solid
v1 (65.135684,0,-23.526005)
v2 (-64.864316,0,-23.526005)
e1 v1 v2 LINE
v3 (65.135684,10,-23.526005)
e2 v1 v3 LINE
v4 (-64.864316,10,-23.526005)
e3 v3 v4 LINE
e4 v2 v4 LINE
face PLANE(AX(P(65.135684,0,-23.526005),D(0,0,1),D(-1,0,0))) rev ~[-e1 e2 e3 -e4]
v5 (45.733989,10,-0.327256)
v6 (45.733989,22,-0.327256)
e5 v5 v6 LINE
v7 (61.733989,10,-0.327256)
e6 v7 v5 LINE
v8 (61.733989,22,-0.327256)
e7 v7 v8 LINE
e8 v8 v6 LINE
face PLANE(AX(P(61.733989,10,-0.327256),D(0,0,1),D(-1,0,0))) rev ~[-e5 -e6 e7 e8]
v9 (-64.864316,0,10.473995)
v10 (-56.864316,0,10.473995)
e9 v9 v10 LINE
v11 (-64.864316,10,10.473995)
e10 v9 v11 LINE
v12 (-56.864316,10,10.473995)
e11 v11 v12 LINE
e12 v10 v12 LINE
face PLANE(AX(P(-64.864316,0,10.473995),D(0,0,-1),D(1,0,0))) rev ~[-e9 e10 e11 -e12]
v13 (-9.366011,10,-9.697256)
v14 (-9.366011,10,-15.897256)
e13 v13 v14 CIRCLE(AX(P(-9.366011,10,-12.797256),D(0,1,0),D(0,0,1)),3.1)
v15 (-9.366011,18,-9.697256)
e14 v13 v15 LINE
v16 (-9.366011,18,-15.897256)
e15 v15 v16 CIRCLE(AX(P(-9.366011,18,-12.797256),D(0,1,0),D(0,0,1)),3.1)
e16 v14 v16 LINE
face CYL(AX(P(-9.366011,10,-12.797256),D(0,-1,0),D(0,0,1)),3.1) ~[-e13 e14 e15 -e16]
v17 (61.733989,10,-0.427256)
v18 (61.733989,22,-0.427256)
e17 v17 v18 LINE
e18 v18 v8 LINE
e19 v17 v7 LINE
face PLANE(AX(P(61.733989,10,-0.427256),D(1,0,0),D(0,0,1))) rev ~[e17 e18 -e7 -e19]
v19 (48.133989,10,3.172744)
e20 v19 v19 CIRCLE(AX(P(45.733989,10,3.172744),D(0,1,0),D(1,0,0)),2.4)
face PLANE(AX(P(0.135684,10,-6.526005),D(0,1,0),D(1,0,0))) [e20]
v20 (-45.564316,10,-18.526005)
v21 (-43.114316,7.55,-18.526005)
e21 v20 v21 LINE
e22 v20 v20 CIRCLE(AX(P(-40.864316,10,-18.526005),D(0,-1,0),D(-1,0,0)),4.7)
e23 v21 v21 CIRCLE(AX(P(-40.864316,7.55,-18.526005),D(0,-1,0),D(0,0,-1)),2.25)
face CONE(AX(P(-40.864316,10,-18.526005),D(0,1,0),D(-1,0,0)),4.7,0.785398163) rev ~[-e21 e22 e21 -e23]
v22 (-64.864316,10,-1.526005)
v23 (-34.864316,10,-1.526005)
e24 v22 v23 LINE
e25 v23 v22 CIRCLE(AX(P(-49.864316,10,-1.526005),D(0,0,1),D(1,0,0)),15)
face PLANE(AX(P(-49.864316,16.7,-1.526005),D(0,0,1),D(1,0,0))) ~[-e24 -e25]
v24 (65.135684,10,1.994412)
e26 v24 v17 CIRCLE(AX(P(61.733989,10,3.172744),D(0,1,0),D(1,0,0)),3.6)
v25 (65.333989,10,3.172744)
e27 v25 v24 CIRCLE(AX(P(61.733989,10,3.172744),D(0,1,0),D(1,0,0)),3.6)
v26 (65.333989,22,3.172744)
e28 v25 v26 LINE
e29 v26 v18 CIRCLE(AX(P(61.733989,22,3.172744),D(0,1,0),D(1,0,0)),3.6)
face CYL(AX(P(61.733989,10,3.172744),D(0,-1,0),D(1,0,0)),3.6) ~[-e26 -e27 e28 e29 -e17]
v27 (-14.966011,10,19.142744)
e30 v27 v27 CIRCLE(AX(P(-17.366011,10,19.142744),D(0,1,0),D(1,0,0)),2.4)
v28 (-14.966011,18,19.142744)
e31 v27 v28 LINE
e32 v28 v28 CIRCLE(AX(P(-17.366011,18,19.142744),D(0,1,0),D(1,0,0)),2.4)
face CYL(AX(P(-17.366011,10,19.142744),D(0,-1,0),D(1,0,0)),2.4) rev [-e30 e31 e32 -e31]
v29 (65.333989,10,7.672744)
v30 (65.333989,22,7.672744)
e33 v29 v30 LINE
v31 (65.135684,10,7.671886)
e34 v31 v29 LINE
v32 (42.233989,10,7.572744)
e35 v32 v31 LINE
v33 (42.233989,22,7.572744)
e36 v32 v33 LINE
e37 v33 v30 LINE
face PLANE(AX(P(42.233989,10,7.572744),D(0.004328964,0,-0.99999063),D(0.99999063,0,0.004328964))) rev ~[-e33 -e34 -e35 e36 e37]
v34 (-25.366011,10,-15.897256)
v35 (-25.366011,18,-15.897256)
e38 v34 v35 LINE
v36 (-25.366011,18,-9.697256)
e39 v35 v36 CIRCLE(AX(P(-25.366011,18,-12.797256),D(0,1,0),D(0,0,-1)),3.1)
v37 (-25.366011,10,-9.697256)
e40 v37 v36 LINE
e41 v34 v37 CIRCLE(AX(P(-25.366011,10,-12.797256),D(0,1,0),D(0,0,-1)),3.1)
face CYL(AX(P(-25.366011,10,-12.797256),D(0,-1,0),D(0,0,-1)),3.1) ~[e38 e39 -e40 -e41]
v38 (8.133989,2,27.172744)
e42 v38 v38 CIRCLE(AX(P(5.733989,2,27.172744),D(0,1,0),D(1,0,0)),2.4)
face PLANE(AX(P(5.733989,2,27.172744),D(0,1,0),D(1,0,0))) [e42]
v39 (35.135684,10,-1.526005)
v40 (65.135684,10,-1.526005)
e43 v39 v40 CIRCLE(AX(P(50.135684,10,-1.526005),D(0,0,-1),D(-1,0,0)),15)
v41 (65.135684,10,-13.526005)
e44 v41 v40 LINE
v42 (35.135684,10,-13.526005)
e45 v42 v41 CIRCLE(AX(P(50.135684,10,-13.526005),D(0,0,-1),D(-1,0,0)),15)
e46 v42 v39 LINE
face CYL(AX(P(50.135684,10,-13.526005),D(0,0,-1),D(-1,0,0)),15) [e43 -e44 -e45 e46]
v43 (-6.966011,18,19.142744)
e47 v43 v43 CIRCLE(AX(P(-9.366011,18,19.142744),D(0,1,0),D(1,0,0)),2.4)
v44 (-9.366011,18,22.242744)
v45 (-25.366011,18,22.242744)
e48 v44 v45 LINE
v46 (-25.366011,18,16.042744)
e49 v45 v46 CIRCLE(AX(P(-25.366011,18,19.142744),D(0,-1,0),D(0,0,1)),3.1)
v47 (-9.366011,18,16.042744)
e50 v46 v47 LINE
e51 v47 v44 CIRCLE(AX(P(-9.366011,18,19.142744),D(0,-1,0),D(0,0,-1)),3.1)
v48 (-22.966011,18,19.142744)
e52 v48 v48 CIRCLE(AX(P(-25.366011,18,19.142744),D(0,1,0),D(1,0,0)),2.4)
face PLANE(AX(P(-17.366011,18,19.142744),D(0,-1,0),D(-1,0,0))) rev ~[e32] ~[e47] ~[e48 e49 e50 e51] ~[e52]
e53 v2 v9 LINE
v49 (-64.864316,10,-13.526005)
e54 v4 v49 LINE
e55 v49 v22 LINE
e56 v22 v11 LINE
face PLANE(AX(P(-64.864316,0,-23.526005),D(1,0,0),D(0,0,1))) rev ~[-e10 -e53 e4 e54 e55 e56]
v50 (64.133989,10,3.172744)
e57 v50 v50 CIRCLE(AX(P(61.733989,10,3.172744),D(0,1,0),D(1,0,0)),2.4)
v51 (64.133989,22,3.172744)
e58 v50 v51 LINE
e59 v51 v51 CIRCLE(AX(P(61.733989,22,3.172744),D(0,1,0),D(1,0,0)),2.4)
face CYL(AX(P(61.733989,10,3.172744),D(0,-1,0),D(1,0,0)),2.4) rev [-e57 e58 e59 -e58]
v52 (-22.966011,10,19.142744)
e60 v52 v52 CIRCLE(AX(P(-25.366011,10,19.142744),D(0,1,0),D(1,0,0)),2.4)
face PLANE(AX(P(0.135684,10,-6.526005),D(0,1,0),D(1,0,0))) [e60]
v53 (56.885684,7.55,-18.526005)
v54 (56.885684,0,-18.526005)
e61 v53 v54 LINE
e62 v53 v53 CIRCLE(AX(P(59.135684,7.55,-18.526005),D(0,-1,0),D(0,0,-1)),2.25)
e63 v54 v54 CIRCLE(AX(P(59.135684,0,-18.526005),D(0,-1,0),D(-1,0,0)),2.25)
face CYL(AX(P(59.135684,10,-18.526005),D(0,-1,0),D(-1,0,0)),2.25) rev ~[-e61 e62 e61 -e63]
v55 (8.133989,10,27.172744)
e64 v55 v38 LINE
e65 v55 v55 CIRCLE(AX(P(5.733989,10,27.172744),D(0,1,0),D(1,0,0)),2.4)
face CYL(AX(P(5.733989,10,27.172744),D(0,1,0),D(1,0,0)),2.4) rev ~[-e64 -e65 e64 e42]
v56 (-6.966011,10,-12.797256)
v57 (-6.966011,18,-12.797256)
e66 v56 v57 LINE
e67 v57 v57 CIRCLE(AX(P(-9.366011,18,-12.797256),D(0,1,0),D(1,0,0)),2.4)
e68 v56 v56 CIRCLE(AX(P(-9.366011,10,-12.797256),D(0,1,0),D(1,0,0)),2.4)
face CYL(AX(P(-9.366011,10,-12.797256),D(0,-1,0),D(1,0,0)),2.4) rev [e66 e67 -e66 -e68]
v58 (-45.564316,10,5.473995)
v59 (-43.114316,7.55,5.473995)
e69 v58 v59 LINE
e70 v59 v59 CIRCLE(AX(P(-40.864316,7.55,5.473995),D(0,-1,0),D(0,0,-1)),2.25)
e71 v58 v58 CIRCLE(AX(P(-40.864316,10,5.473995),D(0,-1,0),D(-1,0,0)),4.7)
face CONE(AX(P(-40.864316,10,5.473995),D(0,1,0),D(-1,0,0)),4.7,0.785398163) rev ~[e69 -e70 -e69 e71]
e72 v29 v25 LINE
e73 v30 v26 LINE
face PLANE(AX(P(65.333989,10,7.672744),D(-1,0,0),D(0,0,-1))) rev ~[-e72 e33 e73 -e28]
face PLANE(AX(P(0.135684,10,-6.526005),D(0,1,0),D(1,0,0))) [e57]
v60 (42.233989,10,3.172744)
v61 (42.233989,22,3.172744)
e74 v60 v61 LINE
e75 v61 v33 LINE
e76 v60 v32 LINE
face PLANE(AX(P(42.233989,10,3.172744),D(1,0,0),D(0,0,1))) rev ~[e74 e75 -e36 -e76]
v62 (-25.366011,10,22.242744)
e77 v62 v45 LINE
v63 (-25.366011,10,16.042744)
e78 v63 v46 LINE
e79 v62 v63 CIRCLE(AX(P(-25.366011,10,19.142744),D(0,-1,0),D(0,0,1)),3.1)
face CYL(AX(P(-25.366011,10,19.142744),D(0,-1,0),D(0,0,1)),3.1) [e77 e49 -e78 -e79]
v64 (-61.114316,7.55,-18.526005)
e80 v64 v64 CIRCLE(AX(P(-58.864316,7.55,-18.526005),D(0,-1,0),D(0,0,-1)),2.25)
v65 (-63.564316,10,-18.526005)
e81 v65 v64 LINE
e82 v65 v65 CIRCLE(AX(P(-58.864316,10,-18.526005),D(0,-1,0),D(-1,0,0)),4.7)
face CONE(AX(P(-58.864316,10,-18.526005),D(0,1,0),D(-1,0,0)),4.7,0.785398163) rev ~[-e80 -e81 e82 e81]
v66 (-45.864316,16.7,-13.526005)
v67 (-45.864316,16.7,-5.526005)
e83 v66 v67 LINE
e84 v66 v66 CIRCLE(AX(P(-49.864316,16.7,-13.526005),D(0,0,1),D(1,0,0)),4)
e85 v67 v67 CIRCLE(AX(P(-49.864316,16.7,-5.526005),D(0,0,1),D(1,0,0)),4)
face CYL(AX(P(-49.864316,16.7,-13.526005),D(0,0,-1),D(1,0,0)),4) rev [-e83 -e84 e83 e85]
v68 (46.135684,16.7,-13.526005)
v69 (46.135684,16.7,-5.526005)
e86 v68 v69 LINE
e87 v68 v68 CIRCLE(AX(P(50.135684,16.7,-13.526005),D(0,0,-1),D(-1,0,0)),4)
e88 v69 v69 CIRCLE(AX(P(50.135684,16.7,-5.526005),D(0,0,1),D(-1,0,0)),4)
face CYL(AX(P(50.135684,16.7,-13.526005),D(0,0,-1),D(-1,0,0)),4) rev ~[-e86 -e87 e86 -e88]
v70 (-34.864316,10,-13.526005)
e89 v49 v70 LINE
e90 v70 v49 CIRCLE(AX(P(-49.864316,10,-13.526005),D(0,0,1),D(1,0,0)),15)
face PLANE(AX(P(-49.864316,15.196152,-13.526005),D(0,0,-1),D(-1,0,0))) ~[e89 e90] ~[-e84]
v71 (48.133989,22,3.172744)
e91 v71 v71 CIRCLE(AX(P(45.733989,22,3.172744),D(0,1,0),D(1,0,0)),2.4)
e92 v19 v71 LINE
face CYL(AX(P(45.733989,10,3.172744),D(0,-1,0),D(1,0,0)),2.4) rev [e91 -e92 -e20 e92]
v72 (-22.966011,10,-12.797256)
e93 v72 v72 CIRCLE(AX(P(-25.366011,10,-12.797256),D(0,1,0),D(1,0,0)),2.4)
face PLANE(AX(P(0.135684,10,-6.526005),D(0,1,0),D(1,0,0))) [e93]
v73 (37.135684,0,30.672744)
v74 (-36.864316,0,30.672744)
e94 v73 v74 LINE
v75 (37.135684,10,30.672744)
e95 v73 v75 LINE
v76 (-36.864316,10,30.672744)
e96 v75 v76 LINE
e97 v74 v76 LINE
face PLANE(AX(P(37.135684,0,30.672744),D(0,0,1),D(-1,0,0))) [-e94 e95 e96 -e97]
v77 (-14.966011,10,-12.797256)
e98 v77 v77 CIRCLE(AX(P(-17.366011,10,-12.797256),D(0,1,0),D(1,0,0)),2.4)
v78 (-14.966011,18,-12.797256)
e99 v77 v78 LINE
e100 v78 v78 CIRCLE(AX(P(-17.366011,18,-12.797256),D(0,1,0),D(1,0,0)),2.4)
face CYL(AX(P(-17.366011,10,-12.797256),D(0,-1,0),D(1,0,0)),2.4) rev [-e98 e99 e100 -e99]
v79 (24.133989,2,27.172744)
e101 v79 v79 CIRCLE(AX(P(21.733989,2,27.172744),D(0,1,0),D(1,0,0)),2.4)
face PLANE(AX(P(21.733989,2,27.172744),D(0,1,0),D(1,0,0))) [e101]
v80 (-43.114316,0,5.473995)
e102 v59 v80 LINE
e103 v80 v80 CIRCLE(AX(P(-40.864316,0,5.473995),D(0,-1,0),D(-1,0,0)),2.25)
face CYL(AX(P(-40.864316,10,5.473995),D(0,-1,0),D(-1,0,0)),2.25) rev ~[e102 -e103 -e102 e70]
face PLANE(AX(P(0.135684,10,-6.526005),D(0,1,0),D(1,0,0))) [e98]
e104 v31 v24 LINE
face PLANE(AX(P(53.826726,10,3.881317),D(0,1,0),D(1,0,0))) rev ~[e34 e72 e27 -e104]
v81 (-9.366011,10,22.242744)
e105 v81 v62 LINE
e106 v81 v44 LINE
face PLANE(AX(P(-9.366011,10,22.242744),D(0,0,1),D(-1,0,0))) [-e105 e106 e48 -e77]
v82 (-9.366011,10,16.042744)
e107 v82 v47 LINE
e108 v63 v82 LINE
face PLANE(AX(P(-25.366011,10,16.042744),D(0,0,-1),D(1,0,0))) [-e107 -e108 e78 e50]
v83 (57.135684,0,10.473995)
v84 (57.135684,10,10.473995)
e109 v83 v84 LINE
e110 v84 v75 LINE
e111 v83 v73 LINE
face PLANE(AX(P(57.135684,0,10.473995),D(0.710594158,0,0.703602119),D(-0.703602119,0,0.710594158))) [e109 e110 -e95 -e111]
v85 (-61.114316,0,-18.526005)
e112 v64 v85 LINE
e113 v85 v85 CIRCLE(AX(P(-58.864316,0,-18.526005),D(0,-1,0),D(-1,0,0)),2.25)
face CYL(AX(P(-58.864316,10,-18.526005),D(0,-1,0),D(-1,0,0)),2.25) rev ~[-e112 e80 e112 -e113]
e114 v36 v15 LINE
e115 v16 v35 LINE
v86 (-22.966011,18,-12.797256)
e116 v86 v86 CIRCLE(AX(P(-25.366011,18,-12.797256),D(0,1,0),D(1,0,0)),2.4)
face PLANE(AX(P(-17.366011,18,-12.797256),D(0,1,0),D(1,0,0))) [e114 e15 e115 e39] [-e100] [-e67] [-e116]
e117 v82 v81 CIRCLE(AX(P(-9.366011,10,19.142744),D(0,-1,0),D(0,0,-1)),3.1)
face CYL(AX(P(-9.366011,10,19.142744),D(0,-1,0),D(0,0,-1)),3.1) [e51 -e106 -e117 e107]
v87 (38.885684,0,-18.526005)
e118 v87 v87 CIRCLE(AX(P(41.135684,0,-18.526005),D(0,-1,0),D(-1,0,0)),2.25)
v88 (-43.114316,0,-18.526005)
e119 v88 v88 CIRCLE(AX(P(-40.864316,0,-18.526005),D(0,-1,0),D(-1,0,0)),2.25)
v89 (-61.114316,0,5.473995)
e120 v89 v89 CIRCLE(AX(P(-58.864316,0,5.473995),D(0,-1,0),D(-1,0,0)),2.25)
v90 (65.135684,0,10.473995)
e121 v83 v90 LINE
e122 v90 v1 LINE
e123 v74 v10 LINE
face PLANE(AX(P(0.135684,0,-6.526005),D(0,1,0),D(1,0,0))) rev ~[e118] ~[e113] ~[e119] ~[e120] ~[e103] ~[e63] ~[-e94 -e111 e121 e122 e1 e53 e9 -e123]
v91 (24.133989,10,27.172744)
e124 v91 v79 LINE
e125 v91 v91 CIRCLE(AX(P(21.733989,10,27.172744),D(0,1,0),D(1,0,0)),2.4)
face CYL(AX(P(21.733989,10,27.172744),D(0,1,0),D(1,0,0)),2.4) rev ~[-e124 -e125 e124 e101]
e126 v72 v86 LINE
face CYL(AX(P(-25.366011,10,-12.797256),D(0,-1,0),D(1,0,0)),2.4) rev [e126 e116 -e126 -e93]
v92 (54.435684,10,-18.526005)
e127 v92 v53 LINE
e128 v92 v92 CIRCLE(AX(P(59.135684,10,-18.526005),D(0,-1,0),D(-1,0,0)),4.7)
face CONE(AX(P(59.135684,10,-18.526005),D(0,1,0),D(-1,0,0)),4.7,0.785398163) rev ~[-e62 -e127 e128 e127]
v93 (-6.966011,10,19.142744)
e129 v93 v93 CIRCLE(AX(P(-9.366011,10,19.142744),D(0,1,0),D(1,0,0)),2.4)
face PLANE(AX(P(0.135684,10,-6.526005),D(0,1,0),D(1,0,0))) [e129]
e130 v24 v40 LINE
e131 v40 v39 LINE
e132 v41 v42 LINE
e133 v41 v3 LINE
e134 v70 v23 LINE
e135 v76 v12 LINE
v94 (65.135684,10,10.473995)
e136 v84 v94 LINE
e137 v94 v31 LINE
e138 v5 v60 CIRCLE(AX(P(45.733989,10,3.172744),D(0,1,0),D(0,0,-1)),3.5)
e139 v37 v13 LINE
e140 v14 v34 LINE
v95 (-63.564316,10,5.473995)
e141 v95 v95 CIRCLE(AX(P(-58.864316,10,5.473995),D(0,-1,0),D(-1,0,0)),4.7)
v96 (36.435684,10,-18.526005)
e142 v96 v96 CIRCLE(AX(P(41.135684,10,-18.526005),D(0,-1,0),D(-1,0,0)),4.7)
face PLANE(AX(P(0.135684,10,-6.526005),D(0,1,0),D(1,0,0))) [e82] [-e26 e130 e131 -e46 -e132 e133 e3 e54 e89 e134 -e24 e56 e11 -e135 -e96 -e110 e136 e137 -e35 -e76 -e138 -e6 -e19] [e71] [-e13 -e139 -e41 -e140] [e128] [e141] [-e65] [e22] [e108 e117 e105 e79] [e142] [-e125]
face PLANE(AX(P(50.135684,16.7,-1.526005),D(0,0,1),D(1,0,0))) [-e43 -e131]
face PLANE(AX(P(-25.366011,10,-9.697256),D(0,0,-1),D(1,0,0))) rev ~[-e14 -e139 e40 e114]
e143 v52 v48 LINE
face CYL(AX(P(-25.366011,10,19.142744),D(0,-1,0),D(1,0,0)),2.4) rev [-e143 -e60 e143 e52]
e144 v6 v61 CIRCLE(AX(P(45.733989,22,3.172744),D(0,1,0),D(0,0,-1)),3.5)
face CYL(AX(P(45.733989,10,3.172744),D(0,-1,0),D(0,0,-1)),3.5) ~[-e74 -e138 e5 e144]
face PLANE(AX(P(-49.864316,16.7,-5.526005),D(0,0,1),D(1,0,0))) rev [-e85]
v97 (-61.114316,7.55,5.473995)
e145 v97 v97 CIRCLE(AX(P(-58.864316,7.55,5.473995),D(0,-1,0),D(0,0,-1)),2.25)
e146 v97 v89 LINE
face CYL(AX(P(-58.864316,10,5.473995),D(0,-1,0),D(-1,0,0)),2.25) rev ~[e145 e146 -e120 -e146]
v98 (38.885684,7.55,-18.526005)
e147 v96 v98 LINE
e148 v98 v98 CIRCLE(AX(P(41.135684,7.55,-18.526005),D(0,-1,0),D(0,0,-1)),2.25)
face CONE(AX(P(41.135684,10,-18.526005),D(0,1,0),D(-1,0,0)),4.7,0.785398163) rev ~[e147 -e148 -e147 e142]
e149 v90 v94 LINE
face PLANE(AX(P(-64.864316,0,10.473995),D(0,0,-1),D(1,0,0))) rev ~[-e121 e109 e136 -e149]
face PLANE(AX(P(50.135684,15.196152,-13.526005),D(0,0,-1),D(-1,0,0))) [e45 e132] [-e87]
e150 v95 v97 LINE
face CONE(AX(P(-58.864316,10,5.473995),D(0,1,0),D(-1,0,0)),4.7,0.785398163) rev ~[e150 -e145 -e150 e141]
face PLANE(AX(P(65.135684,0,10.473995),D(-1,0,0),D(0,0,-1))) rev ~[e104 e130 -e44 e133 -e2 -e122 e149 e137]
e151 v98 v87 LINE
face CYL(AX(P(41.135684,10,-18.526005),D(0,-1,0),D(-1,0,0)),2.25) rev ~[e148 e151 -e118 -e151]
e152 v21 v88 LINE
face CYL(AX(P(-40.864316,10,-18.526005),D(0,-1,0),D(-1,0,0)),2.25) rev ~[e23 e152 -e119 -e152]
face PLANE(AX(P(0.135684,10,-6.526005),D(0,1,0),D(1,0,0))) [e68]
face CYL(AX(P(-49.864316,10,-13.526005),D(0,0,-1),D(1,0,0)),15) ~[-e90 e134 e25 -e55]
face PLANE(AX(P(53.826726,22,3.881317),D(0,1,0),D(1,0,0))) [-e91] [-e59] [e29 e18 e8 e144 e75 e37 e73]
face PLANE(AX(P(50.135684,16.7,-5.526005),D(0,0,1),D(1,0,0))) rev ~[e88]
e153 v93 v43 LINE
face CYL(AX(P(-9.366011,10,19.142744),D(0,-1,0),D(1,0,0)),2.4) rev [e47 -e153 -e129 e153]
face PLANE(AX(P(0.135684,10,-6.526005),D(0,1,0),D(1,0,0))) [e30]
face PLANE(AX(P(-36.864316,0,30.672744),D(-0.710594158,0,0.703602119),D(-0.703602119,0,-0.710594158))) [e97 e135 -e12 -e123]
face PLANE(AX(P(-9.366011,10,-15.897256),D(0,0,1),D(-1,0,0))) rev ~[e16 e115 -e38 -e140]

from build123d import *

# Parameters (mm, degrees)
BOSS_EXTRUDE1_DEPTH                             = 10
BOSS_EXTRUDE2_DEPTH                             = 10
SKETCH4_R                                       = 2.4
CUT_EXTRUDE1_DEPTH                              = 8
SKETCH5_R                                       = 2.4
BOSS_EXTRUDE3_DEPTH                             = 12
CSK_FOR_M4_FLAT_HEAD_MACHINE_SCREW1_D           = 4.5
CSK_FOR_M4_FLAT_HEAD_MACHINE_SCREW1_DEPTH       = 10
CSK_FOR_M4_FLAT_HEAD_MACHINE_SCREW1_CSINK_D     = 9.4
CSK_FOR_M4_FLAT_HEAD_MACHINE_SCREW1_CSINK_ANGLE = 90
SKETCH10_R                                      = 2.4
BOSS_EXTRUDE4_DEPTH                             = 8
SKETCH11_R                                      = 4
BOSS_EXTRUDE5_DEPTH                             = 12
SKETCH12_R                                      = 4
BOSS_EXTRUDE6_DEPTH                             = 4


with BuildPart() as part:
    # Sketch2 → Boss-Extrude1 (new body)
    with BuildSketch(Plane(origin=(0, 0, 0), x_dir=(1, 0, 0), z_dir=(0, 1, 0))):
        Polygon((-64.864315762, -10.473994627), (-34.864315762, -10.473994627), (35.135684238, -10.473994627), (65.135684238, -10.473994627), (65.135684238, 23.526005373), (35.135684238, 23.526005373), (-34.864315762, 23.526005373), (-64.864315762, 23.526005373), align=None)
    extrude(amount=BOSS_EXTRUDE1_DEPTH)

    # Sketch3 → Boss-Extrude2 (add)
    with BuildSketch(Plane.XZ):
        Polygon((-34.864315762, 10.473994627), (-17.766011303, 10.473994627), (-17.766011303, 10.772744439), (-17.766011303, 12.772744439), (-17.766011303, 30.672744439), (-36.864315762, 30.672744439), (-56.864315762, 10.473994627), align=None)
        Polygon((-17.766011303, 10.772744439), (-17.766011303, 10.473994627), (35.135684238, 10.473994627), (57.135684238, 10.473994627), (37.135684238, 30.672744439), (-17.766011303, 30.672744439), (-17.766011303, 12.772744439), align=None)
    extrude(amount=-BOSS_EXTRUDE2_DEPTH)

    # Sketch4 → Cut-Extrude1 (cut)
    with BuildSketch(Plane(origin=(0, 10, 0), x_dir=(1, 0, 0), z_dir=(0, 1, 0))):
        with Locations((5.733988697, -27.172744439)):
            Circle(SKETCH4_R)
        with Locations((21.733988697, -27.172744439)):
            Circle(SKETCH4_R)
    extrude(amount=-CUT_EXTRUDE1_DEPTH, mode=Mode.SUBTRACT)

    # Sketch5 → Boss-Extrude3 (add)
    with BuildSketch(Plane(origin=(0, 10, 0), x_dir=(1, 0, 0), z_dir=(0, 1, 0))):
        with BuildLine():
            Line((42.233988697, -7.572744439), (65.333988697, -7.672744439))
            Line((65.333988697, -7.672744439), (65.333988697, -3.172744439))
            ThreePointArc((65.333988697, -3.172744439), (64.279573109, -0.627160027), (61.733988697, 0.427255561))
            Line((61.733988697, 0.427255561), (61.733988697, 0.327255561))
            Line((61.733988697, 0.327255561), (45.733988697, 0.327255561))
            ThreePointArc((45.733988697, 0.327255561), (43.259114963, -0.697870705), (42.233988697, -3.172744439))
            Line((42.233988697, -3.172744439), (42.233988697, -7.572744439))
        make_face()
        with Locations((61.733988697, -3.172744439)):
            Circle(SKETCH5_R, mode=Mode.SUBTRACT)
        with Locations((45.733988697, -3.172744439)):
            Circle(SKETCH5_R, mode=Mode.SUBTRACT)
    extrude(amount=BOSS_EXTRUDE3_DEPTH)

    # CSK for M4 Flat Head Machine Screw1
    with Locations(Plane(origin=(0, 10, 0), x_dir=(1, 0, 0), z_dir=(0, 1, 0))):
        with Locations((-58.864315762, 18.526005373), (-40.864315762, 18.526005373), (-58.864315762, -5.473994627), (-40.864315762, -5.473994627), (41.135684238, 18.526005373), (59.135684238, 18.526005373)):
            CounterSinkHole(CSK_FOR_M4_FLAT_HEAD_MACHINE_SCREW1_D / 2, CSK_FOR_M4_FLAT_HEAD_MACHINE_SCREW1_CSINK_D / 2, depth=CSK_FOR_M4_FLAT_HEAD_MACHINE_SCREW1_DEPTH, counter_sink_angle=CSK_FOR_M4_FLAT_HEAD_MACHINE_SCREW1_CSINK_ANGLE)

    # Sketch10 → Boss-Extrude4 (add)
    with BuildSketch(Plane(origin=(0, 10, 0), x_dir=(1, 0, 0), z_dir=(0, 1, 0))):
        with BuildLine():
            Line((-25.366011303, -16.042744439), (-9.366011303, -16.042744439))
            ThreePointArc((-9.366011303, -16.042744439), (-6.266011303, -19.142744439), (-9.366011303, -22.242744439))
            Line((-9.366011303, -22.242744439), (-25.366011303, -22.242744439))
            ThreePointArc((-25.366011303, -22.242744439), (-28.466011303, -19.142744439), (-25.366011303, -16.042744439))
        make_face()
        with Locations((-25.366011303, -19.142744439)):
            Circle(SKETCH10_R, mode=Mode.SUBTRACT)
        with Locations((-17.366011303, -19.142744439)):
            Circle(SKETCH10_R, mode=Mode.SUBTRACT)
        with Locations((-9.366011303, -19.142744439)):
            Circle(SKETCH10_R, mode=Mode.SUBTRACT)
        with BuildLine():
            Line((-25.366011303, 9.697255561), (-9.366011303, 9.697255561))
            ThreePointArc((-9.366011303, 9.697255561), (-6.266011303, 12.797255561), (-9.366011303, 15.897255561))
            Line((-9.366011303, 15.897255561), (-25.366011303, 15.897255561))
            ThreePointArc((-25.366011303, 15.897255561), (-28.466011303, 12.797255561), (-25.366011303, 9.697255561))
        make_face()
        with Locations((-9.366011303, 12.797255561)):
            Circle(SKETCH10_R, mode=Mode.SUBTRACT)
        with Locations((-17.366011303, 12.797255561)):
            Circle(SKETCH10_R, mode=Mode.SUBTRACT)
        with Locations((-25.366011303, 12.797255561)):
            Circle(SKETCH10_R, mode=Mode.SUBTRACT)
    extrude(amount=BOSS_EXTRUDE4_DEPTH)

    # Sketch11 → Boss-Extrude5 (add)
    with BuildSketch(Plane(origin=(0, 0, -13.526005373), x_dir=(-1, 0, 0), z_dir=(0, 0, -1))):
        with BuildLine():
            Line((-65.135684238, 10), (-35.135684238, 10))
            ThreePointArc((-35.135684238, 10), (-50.135684238, 25), (-65.135684238, 10))
        make_face()
        with Locations((-50.135684238, 16.7)):
            Circle(SKETCH11_R, mode=Mode.SUBTRACT)
    boss_extrude5 = extrude(amount=-BOSS_EXTRUDE5_DEPTH)

    # Sketch12 → Boss-Extrude6 (add)
    with BuildSketch(Plane.XY.offset(-1.526005373)):
        with Locations((50.135684238, 16.7)):
            Circle(SKETCH12_R)
    boss_extrude6 = extrude(amount=-BOSS_EXTRUDE6_DEPTH)

    # Mirror1: Boss-Extrude5, Boss-Extrude6 across plane
    add(boss_extrude5.mirror(Plane(origin=(0.135684238, 0, 0), x_dir=(0, 0, 1), z_dir=(1, 0, 0))))
    add(boss_extrude6.mirror(Plane(origin=(0.135684238, 0, 0), x_dir=(0, 0, 1), z_dir=(1, 0, 0))))


solid = part.part
